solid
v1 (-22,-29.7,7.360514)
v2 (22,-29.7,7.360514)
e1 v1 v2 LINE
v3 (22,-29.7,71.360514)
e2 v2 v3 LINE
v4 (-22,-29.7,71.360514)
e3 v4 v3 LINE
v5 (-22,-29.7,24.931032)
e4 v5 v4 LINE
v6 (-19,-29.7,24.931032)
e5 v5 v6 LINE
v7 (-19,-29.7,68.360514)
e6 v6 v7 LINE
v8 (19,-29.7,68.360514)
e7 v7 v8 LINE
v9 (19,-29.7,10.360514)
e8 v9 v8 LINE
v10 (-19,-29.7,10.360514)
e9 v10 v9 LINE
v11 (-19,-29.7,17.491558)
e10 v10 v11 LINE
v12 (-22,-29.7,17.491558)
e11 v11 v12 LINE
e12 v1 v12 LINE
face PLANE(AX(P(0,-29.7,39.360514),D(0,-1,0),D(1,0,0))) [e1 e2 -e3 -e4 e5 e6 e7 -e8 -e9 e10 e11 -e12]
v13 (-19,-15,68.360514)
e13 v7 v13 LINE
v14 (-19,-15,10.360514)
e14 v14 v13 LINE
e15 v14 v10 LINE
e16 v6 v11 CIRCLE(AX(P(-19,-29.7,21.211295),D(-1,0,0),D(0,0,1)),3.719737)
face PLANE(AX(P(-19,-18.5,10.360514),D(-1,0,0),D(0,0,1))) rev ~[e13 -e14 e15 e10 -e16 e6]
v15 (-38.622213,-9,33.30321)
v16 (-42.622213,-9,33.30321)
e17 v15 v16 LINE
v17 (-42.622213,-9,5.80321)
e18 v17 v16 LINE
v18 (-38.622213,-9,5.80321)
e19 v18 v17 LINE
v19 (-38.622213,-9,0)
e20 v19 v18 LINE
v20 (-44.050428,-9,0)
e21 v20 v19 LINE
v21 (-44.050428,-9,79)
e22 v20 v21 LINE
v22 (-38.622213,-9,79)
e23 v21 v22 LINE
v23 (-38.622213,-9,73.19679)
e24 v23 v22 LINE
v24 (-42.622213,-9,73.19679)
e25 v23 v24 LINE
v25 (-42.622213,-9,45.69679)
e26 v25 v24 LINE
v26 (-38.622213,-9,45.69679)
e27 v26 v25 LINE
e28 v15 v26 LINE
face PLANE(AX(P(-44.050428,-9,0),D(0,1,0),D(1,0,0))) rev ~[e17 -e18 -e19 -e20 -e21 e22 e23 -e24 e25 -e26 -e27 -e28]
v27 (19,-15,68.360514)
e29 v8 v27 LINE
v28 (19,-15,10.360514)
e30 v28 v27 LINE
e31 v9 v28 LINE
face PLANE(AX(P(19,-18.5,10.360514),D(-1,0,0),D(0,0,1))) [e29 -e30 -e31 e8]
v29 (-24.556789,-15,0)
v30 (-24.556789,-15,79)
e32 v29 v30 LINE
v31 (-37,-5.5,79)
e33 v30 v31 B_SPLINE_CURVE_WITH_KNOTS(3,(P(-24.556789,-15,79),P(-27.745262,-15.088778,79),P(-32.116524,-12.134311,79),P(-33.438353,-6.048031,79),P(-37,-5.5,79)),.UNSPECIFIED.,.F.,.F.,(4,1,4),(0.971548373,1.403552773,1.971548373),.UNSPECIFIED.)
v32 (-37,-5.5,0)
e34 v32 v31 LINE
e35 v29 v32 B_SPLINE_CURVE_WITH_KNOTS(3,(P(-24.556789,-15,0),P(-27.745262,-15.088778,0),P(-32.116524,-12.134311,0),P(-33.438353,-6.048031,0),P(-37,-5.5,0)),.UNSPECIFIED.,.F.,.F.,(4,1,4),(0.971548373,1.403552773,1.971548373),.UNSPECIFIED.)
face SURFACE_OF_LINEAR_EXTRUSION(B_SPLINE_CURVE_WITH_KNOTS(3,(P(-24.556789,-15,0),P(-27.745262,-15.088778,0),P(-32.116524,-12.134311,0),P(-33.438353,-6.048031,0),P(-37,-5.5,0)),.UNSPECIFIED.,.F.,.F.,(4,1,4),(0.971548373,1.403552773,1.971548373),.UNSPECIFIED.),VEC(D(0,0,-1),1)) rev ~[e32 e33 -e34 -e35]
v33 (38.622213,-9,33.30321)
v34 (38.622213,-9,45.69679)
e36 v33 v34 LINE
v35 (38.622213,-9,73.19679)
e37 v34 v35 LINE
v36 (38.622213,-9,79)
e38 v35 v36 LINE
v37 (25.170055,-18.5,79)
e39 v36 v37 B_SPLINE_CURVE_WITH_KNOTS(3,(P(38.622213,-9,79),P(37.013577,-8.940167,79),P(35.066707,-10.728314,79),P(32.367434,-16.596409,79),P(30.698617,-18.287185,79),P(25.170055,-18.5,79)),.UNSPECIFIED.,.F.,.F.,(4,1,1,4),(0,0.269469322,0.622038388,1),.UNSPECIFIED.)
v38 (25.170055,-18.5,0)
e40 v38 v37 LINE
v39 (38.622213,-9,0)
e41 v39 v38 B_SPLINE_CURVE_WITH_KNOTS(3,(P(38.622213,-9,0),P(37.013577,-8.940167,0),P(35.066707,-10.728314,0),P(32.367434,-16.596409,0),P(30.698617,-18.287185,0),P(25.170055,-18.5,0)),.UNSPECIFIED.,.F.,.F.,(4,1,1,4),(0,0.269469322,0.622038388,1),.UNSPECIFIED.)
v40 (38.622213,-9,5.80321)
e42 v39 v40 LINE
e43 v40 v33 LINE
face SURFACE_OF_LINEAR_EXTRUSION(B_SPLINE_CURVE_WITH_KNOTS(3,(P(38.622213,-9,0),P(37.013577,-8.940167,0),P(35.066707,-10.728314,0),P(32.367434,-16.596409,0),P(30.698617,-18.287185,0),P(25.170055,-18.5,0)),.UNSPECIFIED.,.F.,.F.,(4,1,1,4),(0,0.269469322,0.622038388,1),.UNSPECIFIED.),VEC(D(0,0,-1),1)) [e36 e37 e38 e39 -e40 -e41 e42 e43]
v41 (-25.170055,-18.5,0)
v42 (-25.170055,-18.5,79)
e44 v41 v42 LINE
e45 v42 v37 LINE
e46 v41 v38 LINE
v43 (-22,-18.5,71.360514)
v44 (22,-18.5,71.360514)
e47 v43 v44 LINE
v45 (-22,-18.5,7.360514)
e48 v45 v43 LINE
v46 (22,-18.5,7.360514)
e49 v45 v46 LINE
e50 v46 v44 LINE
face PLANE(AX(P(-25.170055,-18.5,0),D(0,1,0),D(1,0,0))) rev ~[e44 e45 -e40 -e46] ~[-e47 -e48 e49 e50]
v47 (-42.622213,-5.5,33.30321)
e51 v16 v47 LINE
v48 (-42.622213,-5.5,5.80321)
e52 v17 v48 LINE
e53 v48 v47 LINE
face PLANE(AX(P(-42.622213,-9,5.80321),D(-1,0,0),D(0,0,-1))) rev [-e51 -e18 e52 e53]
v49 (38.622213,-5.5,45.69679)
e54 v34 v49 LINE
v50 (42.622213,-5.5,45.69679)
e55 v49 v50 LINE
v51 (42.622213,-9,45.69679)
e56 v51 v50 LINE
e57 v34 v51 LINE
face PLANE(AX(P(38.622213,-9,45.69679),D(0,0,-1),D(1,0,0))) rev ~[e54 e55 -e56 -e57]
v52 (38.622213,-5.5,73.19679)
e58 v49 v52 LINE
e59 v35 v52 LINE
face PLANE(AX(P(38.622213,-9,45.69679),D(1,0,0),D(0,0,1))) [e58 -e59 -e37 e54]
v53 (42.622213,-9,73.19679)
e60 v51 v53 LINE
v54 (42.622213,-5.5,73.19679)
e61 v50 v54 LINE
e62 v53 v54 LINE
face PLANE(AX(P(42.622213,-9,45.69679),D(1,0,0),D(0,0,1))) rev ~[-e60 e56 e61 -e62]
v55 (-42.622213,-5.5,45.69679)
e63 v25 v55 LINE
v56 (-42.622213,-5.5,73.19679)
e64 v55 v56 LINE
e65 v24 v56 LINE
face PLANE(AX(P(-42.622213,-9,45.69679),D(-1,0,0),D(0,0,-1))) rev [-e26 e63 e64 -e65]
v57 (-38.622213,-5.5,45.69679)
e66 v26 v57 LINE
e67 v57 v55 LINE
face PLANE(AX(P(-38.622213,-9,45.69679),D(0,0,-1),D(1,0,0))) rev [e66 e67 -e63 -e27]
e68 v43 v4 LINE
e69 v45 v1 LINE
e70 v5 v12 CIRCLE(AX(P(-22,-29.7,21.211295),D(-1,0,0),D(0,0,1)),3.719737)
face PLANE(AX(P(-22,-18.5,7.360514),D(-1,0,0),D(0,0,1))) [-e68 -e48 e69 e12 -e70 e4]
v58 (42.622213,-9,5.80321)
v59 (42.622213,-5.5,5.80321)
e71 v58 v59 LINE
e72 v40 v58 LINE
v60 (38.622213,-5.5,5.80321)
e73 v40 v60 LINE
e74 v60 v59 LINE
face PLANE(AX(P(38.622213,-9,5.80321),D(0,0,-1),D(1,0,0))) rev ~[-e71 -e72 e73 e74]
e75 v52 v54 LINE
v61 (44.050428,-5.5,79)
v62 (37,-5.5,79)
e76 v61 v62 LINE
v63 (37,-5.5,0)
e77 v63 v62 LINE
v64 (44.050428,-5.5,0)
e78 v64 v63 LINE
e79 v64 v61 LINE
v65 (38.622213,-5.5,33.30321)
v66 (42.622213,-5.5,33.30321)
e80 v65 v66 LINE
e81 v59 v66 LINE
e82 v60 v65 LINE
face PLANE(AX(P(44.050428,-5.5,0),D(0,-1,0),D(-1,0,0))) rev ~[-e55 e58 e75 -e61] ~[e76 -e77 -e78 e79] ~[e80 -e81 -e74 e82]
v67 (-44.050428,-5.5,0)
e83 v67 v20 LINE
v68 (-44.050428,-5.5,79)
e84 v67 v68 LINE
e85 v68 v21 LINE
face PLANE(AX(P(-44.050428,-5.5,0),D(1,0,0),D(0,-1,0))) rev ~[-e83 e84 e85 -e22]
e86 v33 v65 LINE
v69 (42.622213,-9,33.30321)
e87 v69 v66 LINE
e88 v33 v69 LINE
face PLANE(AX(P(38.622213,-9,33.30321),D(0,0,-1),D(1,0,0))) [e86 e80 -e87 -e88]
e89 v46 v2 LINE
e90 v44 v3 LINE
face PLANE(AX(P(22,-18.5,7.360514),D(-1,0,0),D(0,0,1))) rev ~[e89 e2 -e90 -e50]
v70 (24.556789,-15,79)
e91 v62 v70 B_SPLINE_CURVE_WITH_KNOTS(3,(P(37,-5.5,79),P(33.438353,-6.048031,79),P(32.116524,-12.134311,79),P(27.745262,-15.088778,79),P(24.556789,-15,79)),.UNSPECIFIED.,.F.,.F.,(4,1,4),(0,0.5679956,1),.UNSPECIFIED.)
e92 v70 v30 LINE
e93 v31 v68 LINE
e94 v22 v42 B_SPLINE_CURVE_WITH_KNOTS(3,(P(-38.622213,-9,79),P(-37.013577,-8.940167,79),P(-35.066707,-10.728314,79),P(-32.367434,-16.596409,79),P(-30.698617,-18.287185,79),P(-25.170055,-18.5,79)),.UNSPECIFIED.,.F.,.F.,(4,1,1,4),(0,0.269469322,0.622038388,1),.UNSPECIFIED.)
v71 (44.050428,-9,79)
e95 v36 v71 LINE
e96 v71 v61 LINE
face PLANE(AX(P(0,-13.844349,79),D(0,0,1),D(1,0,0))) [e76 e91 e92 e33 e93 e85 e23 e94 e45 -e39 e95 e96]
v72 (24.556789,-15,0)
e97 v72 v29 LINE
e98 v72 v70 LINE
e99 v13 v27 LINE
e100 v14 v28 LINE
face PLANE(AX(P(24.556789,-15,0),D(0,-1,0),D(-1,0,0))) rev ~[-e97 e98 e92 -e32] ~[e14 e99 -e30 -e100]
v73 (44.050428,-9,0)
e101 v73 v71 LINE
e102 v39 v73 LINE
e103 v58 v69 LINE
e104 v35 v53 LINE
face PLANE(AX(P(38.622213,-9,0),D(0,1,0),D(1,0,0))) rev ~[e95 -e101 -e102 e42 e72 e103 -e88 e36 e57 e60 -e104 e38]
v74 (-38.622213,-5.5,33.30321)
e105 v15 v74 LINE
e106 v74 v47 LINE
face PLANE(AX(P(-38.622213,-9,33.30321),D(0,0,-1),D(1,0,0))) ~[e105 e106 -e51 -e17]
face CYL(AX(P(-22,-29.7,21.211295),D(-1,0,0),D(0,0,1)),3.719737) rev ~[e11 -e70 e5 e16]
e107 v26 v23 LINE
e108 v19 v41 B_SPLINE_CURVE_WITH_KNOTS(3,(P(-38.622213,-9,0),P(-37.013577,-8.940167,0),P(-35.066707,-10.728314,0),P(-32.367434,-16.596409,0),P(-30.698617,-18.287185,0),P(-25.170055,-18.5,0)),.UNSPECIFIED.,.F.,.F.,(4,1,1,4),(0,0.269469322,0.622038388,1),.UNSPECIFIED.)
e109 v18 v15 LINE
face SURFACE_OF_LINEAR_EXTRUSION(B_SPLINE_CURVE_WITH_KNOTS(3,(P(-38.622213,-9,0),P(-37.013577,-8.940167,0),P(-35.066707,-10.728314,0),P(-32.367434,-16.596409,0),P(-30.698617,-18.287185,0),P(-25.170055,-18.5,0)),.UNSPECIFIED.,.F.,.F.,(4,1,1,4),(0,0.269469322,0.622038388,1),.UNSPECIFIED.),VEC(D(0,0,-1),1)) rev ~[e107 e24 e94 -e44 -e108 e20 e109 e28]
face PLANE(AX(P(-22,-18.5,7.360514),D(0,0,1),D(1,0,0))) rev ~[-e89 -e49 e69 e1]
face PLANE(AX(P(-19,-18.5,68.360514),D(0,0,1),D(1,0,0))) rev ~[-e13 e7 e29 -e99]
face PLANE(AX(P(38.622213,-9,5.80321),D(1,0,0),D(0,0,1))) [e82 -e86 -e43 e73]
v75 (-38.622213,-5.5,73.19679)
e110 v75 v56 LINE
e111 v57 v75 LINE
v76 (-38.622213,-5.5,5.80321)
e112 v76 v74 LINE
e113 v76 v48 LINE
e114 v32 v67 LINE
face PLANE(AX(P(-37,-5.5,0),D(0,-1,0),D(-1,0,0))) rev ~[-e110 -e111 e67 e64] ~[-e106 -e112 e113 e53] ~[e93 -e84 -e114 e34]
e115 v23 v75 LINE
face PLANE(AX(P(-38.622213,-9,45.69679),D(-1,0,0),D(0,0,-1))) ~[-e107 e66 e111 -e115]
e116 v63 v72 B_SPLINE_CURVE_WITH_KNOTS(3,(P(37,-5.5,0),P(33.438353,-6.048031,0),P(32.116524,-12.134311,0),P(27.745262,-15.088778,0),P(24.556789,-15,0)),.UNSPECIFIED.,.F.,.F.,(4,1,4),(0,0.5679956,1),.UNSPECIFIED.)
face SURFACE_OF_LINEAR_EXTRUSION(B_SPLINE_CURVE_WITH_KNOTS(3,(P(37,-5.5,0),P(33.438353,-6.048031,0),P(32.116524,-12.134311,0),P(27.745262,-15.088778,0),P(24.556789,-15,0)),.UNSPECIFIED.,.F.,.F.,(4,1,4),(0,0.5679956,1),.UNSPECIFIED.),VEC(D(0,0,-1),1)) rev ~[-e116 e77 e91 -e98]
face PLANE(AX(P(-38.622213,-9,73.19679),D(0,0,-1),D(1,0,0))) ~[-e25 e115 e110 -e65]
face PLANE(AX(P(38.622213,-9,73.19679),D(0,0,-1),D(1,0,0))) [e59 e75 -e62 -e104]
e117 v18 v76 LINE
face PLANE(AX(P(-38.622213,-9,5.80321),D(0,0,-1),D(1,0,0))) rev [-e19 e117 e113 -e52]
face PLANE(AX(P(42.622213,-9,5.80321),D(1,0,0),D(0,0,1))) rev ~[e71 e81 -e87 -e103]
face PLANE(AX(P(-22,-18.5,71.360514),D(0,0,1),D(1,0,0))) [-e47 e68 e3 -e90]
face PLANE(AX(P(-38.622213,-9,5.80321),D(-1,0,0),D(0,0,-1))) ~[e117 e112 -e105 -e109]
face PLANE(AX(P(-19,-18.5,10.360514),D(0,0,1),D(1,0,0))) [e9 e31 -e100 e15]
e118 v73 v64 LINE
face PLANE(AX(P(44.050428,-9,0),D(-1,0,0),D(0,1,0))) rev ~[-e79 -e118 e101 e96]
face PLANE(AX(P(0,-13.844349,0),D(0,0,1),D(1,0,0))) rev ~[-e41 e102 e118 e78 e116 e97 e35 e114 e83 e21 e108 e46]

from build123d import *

# Parameters (mm, degrees)
BOSS_EXTRUDE1_DEPTH = 79
SKETCH2_W           = 38
SKETCH2_H           = 58
CUT_EXTRUDE1_DEPTH  = 79
SKETCH2_4_W         = 44
SKETCH2_4_H         = 64
SKETCH2_4_W_2       = 38
SKETCH2_4_H_2       = 58
BOSS_EXTRUDE2_DEPTH = 11.2
SKETCH3_W           = 4
SKETCH3_H           = 27.5
CUT_EXTRUDE2_DEPTH  = 11.2
SKETCH4_R           = 3.719736595
CUT_EXTRUDE3_DEPTH  = 11.2


with BuildPart() as part:
    # Sketch1 → Boss-Extrude1 (new body)
    with BuildSketch(Plane.XY):
        with BuildLine():
            add(Edge.make_bspline(
                [(-24.556789143, -15), (-27.745261791, -15.088777555), (-32.116523574, -12.134311448), (-33.438353398, -6.048030585), (-37, -5.5)],
                knots=[0.971548373, 0.971548373, 0.971548373, 0.971548373, 1.403552773, 1.971548373, 1.971548373, 1.971548373, 1.971548373], degree=3))
            Line((-37, -5.5), (-44.050427966, -5.5))
            Line((-44.050427966, -5.5), (-44.050427966, -9))
            Line((-44.050427966, -9), (-38.622212975, -9))
            add(Edge.make_bspline(
                [(-38.622212975, -9), (-37.013577383, -8.940166603), (-35.066707272, -10.728314314), (-32.367433587, -16.596409153), (-30.698617033, -18.287184956), (-25.17005526, -18.5)],
                knots=[0, 0, 0, 0, 0.269469322, 0.622038388, 1, 1, 1, 1], degree=3))
            Line((-25.17005526, -18.5), (25.17005526, -18.5))
            add(Edge.make_bspline(
                [(38.622212975, -9), (37.013577383, -8.940166603), (35.066707272, -10.728314314), (32.367433587, -16.596409153), (30.698617033, -18.287184956), (25.17005526, -18.5)],
                knots=[0, 0, 0, 0, 0.269469322, 0.622038388, 1, 1, 1, 1], degree=3))
            Line((38.622212975, -9), (44.050427966, -9))
            Line((44.050427966, -9), (44.050427966, -5.5))
            Line((44.050427966, -5.5), (37, -5.5))
            add(Edge.make_bspline(
                [(37, -5.5), (33.438353398, -6.048030585), (32.116523574, -12.134311448), (27.745261791, -15.088777555), (24.556789143, -15)],
                knots=[0, 0, 0, 0, 0.5679956, 1, 1, 1, 1], degree=3))
            Line((24.556789143, -15), (-24.556789143, -15))
        make_face()
    extrude(amount=BOSS_EXTRUDE1_DEPTH)

    # Sketch2 → Cut-Extrude1 (cut)
    with BuildSketch(Plane.XZ.offset(18.5)):
        with Locations((0, 39.360513879)):
            Rectangle(SKETCH2_W, SKETCH2_H)
    extrude(amount=-CUT_EXTRUDE1_DEPTH, mode=Mode.SUBTRACT)

    # Sketch2<4> → Boss-Extrude2 (add)
    with BuildSketch(Plane.XZ.offset(18.5)):
        with Locations((0, 39.360513879)):
            Rectangle(SKETCH2_4_W, SKETCH2_4_H)
        with Locations((0, 39.360513879)):
            Rectangle(SKETCH2_4_W_2, SKETCH2_4_H_2, mode=Mode.SUBTRACT)
    extrude(amount=BOSS_EXTRUDE2_DEPTH)

    # Sketch3 → Cut-Extrude2 (cut)
    with BuildSketch(Plane.XZ.offset(9)):
        with Locations((40.622212975, 59.446790211)):
            Rectangle(SKETCH3_W, SKETCH3_H)
        with Locations((40.622212975, 19.553209789)):
            Rectangle(SKETCH3_W, SKETCH3_H)
    cut_extrude2 = extrude(amount=-CUT_EXTRUDE2_DEPTH, mode=Mode.SUBTRACT)

    # Sketch4 → Cut-Extrude3 (cut)
    with BuildSketch(Plane.ZY.offset(22)):
        with Locations((21.211295074, -29.7)):
            Circle(SKETCH4_R)
    extrude(amount=-CUT_EXTRUDE3_DEPTH, mode=Mode.SUBTRACT)

    # Mirror1: Cut-Extrude2 across plane
    add(cut_extrude2.mirror(Plane(origin=(0, 0, 0), x_dir=(0, 0, 1), z_dir=(1, 0, 0))), mode=Mode.SUBTRACT)


solid = part.part
